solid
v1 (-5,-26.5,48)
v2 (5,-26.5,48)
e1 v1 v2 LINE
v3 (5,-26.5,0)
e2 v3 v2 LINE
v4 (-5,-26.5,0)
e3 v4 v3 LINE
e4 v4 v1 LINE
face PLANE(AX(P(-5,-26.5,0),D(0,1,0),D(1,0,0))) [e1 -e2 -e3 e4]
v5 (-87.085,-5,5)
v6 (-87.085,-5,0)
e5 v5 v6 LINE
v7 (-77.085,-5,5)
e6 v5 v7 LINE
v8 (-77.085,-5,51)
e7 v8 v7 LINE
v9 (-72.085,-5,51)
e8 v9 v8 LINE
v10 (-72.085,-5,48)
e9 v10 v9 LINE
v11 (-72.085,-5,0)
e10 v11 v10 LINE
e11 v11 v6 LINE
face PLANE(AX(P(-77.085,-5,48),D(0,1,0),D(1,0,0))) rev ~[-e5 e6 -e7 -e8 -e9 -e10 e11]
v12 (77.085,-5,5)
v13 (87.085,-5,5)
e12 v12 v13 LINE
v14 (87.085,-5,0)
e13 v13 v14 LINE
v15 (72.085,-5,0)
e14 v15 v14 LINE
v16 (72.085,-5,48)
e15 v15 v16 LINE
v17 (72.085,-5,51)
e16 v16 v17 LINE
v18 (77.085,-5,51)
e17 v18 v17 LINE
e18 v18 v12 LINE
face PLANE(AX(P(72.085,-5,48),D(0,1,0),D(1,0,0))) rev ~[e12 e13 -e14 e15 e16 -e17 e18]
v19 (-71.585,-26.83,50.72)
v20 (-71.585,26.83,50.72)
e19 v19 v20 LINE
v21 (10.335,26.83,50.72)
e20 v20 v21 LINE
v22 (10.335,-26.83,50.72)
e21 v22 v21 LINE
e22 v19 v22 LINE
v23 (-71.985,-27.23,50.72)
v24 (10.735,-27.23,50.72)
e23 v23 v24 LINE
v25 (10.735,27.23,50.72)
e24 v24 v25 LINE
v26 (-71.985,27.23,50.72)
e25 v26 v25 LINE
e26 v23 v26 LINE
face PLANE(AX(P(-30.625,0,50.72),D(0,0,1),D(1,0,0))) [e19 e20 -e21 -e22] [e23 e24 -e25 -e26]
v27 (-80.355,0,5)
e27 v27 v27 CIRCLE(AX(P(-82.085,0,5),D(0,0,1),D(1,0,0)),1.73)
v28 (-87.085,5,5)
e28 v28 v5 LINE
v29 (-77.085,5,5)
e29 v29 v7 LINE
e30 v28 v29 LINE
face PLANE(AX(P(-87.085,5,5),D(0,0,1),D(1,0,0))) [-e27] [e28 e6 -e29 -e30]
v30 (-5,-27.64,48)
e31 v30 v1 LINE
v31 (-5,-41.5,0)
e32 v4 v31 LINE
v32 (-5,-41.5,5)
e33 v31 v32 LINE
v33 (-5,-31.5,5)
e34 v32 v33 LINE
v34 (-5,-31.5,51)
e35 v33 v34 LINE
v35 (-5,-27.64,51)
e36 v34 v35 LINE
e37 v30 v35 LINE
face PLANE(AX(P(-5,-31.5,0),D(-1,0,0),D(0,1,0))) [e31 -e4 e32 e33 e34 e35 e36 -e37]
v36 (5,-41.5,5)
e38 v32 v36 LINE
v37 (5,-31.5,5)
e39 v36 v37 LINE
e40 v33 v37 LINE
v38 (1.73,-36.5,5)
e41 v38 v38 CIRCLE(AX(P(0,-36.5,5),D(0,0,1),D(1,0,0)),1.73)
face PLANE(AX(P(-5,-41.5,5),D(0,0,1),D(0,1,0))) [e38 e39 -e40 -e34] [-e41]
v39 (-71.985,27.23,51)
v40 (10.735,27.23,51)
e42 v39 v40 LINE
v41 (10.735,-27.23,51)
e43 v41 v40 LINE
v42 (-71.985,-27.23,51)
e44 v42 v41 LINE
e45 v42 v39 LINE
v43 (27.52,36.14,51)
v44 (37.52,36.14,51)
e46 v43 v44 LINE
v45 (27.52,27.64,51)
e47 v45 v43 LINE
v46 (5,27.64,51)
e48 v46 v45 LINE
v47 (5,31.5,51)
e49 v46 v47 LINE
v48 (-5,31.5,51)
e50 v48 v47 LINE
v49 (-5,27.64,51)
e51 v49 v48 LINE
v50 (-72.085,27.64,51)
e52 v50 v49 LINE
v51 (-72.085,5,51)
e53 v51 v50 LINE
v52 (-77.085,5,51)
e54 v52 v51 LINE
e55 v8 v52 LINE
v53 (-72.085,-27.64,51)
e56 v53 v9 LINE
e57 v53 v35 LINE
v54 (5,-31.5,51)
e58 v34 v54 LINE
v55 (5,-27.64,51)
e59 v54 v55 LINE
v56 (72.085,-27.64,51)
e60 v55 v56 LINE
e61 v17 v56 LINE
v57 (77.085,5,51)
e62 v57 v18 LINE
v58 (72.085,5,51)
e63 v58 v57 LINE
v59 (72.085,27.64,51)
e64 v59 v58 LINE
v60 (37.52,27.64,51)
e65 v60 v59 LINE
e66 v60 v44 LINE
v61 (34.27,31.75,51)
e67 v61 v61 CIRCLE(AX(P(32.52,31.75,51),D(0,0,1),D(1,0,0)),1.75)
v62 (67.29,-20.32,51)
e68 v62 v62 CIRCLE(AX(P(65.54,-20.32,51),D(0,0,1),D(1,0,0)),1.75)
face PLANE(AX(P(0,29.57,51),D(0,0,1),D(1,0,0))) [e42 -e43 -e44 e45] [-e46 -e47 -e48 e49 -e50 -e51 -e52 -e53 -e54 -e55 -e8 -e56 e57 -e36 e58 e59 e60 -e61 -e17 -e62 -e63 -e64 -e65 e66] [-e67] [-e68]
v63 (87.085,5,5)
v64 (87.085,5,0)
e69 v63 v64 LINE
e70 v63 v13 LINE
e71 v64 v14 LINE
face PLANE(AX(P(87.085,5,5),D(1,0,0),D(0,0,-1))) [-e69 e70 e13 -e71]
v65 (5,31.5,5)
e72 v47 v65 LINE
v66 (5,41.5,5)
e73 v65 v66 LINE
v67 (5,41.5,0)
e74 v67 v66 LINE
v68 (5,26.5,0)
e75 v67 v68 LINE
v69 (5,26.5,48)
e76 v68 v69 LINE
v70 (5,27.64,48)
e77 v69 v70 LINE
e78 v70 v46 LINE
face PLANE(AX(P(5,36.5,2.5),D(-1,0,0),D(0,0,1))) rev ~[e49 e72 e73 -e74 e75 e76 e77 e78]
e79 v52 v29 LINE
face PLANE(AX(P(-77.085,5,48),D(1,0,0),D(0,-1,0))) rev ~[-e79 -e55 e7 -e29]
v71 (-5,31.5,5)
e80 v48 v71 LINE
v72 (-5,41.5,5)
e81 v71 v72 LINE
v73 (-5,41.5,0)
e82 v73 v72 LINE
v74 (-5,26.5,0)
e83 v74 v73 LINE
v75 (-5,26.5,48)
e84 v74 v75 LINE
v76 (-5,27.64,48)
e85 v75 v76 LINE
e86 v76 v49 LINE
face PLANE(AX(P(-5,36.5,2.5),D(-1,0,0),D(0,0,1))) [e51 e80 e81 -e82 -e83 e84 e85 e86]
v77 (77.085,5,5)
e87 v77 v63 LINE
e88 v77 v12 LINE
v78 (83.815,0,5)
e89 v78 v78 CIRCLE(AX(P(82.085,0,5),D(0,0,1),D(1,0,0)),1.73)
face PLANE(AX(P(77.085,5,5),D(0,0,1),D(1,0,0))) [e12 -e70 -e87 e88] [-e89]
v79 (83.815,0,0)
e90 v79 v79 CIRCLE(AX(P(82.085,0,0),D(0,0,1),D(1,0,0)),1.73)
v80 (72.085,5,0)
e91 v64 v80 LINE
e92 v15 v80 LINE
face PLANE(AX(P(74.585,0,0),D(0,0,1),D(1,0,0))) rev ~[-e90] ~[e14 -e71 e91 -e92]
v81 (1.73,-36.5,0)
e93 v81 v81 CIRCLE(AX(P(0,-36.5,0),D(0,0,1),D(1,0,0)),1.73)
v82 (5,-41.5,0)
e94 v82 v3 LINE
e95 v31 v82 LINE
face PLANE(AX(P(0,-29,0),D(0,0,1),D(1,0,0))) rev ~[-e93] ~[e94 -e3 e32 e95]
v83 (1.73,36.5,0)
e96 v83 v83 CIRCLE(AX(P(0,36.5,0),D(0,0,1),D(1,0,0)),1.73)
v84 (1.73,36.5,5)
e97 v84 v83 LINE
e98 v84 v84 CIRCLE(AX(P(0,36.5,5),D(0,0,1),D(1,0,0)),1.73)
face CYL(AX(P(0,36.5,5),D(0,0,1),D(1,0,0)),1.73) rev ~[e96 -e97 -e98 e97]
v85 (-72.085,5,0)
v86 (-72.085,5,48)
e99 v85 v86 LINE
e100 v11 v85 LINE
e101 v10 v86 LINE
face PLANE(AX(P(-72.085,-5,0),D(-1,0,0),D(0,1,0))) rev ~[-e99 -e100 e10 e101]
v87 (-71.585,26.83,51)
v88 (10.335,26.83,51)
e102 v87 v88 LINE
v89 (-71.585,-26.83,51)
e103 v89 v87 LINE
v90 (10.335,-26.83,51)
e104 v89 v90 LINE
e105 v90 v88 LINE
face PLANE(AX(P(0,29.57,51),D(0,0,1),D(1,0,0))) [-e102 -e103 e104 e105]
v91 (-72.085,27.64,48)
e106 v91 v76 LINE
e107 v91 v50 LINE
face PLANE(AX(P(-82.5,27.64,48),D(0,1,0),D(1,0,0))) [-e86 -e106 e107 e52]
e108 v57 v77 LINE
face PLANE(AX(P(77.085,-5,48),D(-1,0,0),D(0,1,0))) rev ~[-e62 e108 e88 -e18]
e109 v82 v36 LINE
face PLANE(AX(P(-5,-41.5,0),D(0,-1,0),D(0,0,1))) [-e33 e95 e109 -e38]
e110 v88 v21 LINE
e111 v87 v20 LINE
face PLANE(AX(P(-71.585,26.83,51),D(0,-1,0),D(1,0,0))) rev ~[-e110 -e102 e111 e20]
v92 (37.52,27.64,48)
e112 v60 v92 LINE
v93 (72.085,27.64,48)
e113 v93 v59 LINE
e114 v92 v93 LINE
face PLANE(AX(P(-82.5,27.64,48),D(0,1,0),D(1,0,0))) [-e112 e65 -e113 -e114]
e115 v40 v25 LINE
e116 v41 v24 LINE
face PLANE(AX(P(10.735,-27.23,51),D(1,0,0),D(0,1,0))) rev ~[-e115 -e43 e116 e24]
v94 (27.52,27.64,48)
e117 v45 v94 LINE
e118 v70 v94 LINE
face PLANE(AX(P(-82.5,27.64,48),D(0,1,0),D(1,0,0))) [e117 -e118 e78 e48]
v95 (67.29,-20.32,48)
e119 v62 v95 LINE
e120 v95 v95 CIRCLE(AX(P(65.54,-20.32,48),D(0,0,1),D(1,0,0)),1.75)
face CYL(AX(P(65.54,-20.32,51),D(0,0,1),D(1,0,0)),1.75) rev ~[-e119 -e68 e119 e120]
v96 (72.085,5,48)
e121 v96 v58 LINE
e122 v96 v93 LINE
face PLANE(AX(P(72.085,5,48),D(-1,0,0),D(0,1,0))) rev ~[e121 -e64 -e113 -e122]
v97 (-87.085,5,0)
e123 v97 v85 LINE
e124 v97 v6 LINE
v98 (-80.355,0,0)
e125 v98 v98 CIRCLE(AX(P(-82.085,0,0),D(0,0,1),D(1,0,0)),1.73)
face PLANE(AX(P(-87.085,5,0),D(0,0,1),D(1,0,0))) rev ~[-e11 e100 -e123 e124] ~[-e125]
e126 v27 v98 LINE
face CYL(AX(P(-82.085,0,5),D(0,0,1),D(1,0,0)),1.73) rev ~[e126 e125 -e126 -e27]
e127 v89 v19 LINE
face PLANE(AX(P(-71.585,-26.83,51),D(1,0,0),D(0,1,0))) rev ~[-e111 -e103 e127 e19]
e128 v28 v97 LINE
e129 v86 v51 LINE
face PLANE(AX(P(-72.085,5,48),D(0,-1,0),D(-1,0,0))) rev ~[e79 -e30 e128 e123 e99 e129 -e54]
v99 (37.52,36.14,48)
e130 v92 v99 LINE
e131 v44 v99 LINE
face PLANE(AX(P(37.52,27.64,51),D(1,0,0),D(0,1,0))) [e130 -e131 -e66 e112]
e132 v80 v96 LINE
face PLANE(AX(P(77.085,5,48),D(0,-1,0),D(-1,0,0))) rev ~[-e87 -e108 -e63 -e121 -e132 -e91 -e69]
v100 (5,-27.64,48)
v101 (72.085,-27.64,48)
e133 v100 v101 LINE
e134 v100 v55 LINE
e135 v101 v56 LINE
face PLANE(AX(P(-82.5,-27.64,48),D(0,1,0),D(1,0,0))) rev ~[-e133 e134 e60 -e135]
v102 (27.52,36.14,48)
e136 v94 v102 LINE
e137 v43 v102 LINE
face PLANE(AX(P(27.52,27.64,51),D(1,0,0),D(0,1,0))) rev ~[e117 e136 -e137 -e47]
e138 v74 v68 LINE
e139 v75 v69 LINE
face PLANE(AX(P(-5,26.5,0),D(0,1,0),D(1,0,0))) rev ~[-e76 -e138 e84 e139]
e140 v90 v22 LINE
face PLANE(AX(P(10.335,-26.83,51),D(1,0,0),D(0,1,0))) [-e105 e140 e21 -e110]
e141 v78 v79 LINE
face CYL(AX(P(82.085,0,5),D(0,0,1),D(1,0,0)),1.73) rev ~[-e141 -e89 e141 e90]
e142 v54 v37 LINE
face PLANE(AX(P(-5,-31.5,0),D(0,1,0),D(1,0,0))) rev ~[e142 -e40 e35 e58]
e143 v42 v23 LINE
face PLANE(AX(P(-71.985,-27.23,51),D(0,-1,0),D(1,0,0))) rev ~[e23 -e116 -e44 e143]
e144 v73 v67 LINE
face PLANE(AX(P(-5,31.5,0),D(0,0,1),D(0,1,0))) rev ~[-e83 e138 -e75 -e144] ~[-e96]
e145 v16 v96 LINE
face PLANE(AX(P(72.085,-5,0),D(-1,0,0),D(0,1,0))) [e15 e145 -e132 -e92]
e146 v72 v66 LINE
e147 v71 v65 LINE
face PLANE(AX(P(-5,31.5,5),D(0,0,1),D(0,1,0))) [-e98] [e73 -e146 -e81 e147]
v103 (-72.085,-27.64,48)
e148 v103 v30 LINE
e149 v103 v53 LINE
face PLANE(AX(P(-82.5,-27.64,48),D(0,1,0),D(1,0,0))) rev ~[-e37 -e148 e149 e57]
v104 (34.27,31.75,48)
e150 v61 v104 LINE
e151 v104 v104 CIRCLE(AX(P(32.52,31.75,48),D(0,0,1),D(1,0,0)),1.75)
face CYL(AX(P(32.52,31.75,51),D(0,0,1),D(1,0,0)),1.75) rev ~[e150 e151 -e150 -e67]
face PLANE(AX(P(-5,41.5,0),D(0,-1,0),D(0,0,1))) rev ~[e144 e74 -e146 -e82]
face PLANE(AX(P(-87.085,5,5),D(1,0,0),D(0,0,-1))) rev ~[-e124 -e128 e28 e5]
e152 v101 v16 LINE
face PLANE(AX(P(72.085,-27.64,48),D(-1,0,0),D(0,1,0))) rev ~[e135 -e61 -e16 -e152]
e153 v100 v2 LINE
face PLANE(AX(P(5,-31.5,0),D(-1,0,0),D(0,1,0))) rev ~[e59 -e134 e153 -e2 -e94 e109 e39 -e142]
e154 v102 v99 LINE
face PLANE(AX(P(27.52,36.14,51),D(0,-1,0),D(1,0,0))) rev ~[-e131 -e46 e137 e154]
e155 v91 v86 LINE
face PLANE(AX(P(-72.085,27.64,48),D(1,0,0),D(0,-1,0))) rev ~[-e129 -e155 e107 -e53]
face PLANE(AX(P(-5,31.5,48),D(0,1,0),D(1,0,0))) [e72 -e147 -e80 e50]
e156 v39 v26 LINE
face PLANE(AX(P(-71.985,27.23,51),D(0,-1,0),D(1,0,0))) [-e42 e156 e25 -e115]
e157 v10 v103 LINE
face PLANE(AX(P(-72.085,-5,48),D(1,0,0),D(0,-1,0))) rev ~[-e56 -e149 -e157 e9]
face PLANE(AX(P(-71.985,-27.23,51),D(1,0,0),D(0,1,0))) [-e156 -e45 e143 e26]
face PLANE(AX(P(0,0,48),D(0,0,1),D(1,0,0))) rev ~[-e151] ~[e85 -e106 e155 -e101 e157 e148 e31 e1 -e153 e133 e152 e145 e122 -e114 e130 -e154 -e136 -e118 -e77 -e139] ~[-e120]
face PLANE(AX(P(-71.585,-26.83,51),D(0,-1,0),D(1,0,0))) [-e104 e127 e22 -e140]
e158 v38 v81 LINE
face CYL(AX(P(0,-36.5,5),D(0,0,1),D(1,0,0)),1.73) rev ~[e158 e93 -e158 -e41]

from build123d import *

# Parameters (mm, degrees)
SKETCH2_W             = 5
SKETCH2_H             = 10
BOSS_EXTRUDE1_DEPTH   = 48
SKETCH2_W_2           = 10
SKETCH2_H_2           = 5
BOSS_EXTRUDE1_2_DEPTH = 48
BOSS_EXTRUDE1_3_DEPTH = 48
BOSS_EXTRUDE1_4_DEPTH = 48
SKETCH3_W             = 165
SKETCH3_H             = 55.28
BOSS_EXTRUDE2_DEPTH   = 3
SKETCH4_W             = 10
SKETCH4_H             = 3.86
BOSS_EXTRUDE3_DEPTH   = 3
SKETCH5_W             = 10
SKETCH5_H             = 5
BOSS_EXTRUDE4_DEPTH   = 10
SKETCH7_W             = 5
SKETCH7_H             = 10
BOSS_EXTRUDE5_DEPTH   = 10
SKETCH8_R             = 1.73
CUT_EXTRUDE1_DEPTH    = 6
SKETCH10_W            = 10
SKETCH10_H            = 8.5
SKETCH10_W_2          = 1.85
SKETCH10_H_2          = 10
BOSS_EXTRUDE6_DEPTH   = 3
SKETCH11_R            = 1.75
CUT_EXTRUDE3_DEPTH    = 52
SKETCH12_W            = 82.72
SKETCH12_H            = 54.46
SKETCH12_W_2          = 81.92
SKETCH12_H_2          = 53.66
CUT_EXTRUDE4_DEPTH    = 0.28
CUT_EXTRUDE5_DEPTH    = 4


with BuildPart() as part:
    # Sketch2 → Boss-Extrude1 (new body)
    with BuildSketch(Plane.XY):
        with Locations((-74.585, 0)):
            Rectangle(SKETCH2_W, SKETCH2_H)
    extrude(amount=BOSS_EXTRUDE1_DEPTH)



with BuildPart() as body_2:
    # Sketch2 → Boss-Extrude1 2 (new body)
    with BuildSketch(Plane.XY):
        with Locations((0, 29)):
            Rectangle(SKETCH2_W_2, SKETCH2_H_2)
    extrude(amount=BOSS_EXTRUDE1_2_DEPTH)


with BuildPart() as body_3:
    # Sketch2 → Boss-Extrude1 3 (new body)
    with BuildSketch(Plane.XY):
        with Locations((74.585, 0)):
            Rectangle(SKETCH2_W, SKETCH2_H)
    extrude(amount=BOSS_EXTRUDE1_3_DEPTH)


with BuildPart() as body_4:
    # Sketch2 → Boss-Extrude1 4 (new body)
    with BuildSketch(Plane.XY):
        with Locations((0, -29)):
            Rectangle(SKETCH2_W_2, SKETCH2_H_2)
    extrude(amount=BOSS_EXTRUDE1_4_DEPTH)


with BuildPart() as part_1:
    add(part.part)

    add(body_2.part)  # Boss-Extrude2 merges body 2

    add(body_3.part)  # Boss-Extrude2 merges body 3

    add(body_4.part)  # Boss-Extrude2 merges body 4
    # Sketch3 → Boss-Extrude2 (add)
    with BuildSketch(Plane.XY.offset(48)):
        Rectangle(SKETCH3_W, SKETCH3_H)
    extrude(amount=BOSS_EXTRUDE2_DEPTH)

    # Sketch4 → Boss-Extrude3 (add)
    with BuildSketch(Plane.XY.offset(48)):
        with Locations((0, 29.57)):
            Rectangle(SKETCH4_W, SKETCH4_H)
        with Locations((0, -29.57)):
            Rectangle(SKETCH4_W, SKETCH4_H)
    extrude(amount=BOSS_EXTRUDE3_DEPTH)

    # Sketch5 → Boss-Extrude4 (add)
    with BuildSketch(Plane(origin=(0, 5, 0), x_dir=(1, 0, 0), z_dir=(0, 1, 0))):
        with Locations((-82.085, -2.5)):
            Rectangle(SKETCH5_W, SKETCH5_H)
        with Locations((82.085, -2.5)):
            Rectangle(SKETCH5_W, SKETCH5_H)
    extrude(amount=-BOSS_EXTRUDE4_DEPTH)

    # Sketch7 → Boss-Extrude5 (add)
    with BuildSketch(Plane.ZY.offset(5)):
        with Locations((2.5, 36.5)):
            Rectangle(SKETCH7_W, SKETCH7_H)
        with Locations((2.5, -36.5)):
            Rectangle(SKETCH7_W, SKETCH7_H)
    extrude(amount=-BOSS_EXTRUDE5_DEPTH)

    # Sketch8 → Cut-Extrude1 (cut, through all)
    with BuildSketch(Plane.XY.offset(5)):
        with Locations((-82.085, 0)):
            Circle(SKETCH8_R)
        with Locations((0, -36.5)):
            Circle(SKETCH8_R)
        with Locations((82.085, 0)):
            Circle(SKETCH8_R)
        with Locations((0, 36.5)):
            Circle(SKETCH8_R)
    extrude(amount=-CUT_EXTRUDE1_DEPTH, mode=Mode.SUBTRACT)

    # Sketch10 → Boss-Extrude6 (add)
    with BuildSketch(Plane.XY.offset(51)):
        with Locations((32.52, 31.89)):
            Rectangle(SKETCH10_W, SKETCH10_H)
        with Locations((69.005, -20.32)):
            Rectangle(SKETCH10_W_2, SKETCH10_H_2)
    extrude(amount=-BOSS_EXTRUDE6_DEPTH)

    # Sketch11 → Cut-Extrude3 (cut, through all)
    with BuildSketch(Plane.XY.offset(51)):
        with Locations((32.52, 31.75)):
            Circle(SKETCH11_R)
        with Locations((65.54, -20.32)):
            Circle(SKETCH11_R)
    extrude(amount=-CUT_EXTRUDE3_DEPTH, mode=Mode.SUBTRACT)

    # Sketch12 → Cut-Extrude4 (cut)
    with BuildSketch(Plane.XY.offset(51)):
        with Locations((-30.625, 0)):
            Rectangle(SKETCH12_W, SKETCH12_H)
        with Locations((-30.625, 0)):
            Rectangle(SKETCH12_W_2, SKETCH12_H_2, mode=Mode.SUBTRACT)
    extrude(amount=-CUT_EXTRUDE4_DEPTH, mode=Mode.SUBTRACT)

    # Sketch13 → Cut-Extrude5 (cut, through all)
    with BuildSketch(Plane(origin=(0, 0, 48), x_dir=(-1, 0, 0), z_dir=(0, 0, -1))):
        Polygon((82.5, -27.64), (82.5, 27.64), (72.085, 27.64), (72.085, 5), (77.085, 5), (77.085, -5), (72.085, -5), (72.085, -27.64), align=None)
        Polygon((-82.5, 27.64), (-82.5, -27.64), (-72.085, -27.64), (-72.085, -5), (-77.085, -5), (-77.085, 5), (-72.085, 5), (-72.085, 27.64), align=None)
    extrude(amount=-CUT_EXTRUDE5_DEPTH, mode=Mode.SUBTRACT)


solid = part_1.part
